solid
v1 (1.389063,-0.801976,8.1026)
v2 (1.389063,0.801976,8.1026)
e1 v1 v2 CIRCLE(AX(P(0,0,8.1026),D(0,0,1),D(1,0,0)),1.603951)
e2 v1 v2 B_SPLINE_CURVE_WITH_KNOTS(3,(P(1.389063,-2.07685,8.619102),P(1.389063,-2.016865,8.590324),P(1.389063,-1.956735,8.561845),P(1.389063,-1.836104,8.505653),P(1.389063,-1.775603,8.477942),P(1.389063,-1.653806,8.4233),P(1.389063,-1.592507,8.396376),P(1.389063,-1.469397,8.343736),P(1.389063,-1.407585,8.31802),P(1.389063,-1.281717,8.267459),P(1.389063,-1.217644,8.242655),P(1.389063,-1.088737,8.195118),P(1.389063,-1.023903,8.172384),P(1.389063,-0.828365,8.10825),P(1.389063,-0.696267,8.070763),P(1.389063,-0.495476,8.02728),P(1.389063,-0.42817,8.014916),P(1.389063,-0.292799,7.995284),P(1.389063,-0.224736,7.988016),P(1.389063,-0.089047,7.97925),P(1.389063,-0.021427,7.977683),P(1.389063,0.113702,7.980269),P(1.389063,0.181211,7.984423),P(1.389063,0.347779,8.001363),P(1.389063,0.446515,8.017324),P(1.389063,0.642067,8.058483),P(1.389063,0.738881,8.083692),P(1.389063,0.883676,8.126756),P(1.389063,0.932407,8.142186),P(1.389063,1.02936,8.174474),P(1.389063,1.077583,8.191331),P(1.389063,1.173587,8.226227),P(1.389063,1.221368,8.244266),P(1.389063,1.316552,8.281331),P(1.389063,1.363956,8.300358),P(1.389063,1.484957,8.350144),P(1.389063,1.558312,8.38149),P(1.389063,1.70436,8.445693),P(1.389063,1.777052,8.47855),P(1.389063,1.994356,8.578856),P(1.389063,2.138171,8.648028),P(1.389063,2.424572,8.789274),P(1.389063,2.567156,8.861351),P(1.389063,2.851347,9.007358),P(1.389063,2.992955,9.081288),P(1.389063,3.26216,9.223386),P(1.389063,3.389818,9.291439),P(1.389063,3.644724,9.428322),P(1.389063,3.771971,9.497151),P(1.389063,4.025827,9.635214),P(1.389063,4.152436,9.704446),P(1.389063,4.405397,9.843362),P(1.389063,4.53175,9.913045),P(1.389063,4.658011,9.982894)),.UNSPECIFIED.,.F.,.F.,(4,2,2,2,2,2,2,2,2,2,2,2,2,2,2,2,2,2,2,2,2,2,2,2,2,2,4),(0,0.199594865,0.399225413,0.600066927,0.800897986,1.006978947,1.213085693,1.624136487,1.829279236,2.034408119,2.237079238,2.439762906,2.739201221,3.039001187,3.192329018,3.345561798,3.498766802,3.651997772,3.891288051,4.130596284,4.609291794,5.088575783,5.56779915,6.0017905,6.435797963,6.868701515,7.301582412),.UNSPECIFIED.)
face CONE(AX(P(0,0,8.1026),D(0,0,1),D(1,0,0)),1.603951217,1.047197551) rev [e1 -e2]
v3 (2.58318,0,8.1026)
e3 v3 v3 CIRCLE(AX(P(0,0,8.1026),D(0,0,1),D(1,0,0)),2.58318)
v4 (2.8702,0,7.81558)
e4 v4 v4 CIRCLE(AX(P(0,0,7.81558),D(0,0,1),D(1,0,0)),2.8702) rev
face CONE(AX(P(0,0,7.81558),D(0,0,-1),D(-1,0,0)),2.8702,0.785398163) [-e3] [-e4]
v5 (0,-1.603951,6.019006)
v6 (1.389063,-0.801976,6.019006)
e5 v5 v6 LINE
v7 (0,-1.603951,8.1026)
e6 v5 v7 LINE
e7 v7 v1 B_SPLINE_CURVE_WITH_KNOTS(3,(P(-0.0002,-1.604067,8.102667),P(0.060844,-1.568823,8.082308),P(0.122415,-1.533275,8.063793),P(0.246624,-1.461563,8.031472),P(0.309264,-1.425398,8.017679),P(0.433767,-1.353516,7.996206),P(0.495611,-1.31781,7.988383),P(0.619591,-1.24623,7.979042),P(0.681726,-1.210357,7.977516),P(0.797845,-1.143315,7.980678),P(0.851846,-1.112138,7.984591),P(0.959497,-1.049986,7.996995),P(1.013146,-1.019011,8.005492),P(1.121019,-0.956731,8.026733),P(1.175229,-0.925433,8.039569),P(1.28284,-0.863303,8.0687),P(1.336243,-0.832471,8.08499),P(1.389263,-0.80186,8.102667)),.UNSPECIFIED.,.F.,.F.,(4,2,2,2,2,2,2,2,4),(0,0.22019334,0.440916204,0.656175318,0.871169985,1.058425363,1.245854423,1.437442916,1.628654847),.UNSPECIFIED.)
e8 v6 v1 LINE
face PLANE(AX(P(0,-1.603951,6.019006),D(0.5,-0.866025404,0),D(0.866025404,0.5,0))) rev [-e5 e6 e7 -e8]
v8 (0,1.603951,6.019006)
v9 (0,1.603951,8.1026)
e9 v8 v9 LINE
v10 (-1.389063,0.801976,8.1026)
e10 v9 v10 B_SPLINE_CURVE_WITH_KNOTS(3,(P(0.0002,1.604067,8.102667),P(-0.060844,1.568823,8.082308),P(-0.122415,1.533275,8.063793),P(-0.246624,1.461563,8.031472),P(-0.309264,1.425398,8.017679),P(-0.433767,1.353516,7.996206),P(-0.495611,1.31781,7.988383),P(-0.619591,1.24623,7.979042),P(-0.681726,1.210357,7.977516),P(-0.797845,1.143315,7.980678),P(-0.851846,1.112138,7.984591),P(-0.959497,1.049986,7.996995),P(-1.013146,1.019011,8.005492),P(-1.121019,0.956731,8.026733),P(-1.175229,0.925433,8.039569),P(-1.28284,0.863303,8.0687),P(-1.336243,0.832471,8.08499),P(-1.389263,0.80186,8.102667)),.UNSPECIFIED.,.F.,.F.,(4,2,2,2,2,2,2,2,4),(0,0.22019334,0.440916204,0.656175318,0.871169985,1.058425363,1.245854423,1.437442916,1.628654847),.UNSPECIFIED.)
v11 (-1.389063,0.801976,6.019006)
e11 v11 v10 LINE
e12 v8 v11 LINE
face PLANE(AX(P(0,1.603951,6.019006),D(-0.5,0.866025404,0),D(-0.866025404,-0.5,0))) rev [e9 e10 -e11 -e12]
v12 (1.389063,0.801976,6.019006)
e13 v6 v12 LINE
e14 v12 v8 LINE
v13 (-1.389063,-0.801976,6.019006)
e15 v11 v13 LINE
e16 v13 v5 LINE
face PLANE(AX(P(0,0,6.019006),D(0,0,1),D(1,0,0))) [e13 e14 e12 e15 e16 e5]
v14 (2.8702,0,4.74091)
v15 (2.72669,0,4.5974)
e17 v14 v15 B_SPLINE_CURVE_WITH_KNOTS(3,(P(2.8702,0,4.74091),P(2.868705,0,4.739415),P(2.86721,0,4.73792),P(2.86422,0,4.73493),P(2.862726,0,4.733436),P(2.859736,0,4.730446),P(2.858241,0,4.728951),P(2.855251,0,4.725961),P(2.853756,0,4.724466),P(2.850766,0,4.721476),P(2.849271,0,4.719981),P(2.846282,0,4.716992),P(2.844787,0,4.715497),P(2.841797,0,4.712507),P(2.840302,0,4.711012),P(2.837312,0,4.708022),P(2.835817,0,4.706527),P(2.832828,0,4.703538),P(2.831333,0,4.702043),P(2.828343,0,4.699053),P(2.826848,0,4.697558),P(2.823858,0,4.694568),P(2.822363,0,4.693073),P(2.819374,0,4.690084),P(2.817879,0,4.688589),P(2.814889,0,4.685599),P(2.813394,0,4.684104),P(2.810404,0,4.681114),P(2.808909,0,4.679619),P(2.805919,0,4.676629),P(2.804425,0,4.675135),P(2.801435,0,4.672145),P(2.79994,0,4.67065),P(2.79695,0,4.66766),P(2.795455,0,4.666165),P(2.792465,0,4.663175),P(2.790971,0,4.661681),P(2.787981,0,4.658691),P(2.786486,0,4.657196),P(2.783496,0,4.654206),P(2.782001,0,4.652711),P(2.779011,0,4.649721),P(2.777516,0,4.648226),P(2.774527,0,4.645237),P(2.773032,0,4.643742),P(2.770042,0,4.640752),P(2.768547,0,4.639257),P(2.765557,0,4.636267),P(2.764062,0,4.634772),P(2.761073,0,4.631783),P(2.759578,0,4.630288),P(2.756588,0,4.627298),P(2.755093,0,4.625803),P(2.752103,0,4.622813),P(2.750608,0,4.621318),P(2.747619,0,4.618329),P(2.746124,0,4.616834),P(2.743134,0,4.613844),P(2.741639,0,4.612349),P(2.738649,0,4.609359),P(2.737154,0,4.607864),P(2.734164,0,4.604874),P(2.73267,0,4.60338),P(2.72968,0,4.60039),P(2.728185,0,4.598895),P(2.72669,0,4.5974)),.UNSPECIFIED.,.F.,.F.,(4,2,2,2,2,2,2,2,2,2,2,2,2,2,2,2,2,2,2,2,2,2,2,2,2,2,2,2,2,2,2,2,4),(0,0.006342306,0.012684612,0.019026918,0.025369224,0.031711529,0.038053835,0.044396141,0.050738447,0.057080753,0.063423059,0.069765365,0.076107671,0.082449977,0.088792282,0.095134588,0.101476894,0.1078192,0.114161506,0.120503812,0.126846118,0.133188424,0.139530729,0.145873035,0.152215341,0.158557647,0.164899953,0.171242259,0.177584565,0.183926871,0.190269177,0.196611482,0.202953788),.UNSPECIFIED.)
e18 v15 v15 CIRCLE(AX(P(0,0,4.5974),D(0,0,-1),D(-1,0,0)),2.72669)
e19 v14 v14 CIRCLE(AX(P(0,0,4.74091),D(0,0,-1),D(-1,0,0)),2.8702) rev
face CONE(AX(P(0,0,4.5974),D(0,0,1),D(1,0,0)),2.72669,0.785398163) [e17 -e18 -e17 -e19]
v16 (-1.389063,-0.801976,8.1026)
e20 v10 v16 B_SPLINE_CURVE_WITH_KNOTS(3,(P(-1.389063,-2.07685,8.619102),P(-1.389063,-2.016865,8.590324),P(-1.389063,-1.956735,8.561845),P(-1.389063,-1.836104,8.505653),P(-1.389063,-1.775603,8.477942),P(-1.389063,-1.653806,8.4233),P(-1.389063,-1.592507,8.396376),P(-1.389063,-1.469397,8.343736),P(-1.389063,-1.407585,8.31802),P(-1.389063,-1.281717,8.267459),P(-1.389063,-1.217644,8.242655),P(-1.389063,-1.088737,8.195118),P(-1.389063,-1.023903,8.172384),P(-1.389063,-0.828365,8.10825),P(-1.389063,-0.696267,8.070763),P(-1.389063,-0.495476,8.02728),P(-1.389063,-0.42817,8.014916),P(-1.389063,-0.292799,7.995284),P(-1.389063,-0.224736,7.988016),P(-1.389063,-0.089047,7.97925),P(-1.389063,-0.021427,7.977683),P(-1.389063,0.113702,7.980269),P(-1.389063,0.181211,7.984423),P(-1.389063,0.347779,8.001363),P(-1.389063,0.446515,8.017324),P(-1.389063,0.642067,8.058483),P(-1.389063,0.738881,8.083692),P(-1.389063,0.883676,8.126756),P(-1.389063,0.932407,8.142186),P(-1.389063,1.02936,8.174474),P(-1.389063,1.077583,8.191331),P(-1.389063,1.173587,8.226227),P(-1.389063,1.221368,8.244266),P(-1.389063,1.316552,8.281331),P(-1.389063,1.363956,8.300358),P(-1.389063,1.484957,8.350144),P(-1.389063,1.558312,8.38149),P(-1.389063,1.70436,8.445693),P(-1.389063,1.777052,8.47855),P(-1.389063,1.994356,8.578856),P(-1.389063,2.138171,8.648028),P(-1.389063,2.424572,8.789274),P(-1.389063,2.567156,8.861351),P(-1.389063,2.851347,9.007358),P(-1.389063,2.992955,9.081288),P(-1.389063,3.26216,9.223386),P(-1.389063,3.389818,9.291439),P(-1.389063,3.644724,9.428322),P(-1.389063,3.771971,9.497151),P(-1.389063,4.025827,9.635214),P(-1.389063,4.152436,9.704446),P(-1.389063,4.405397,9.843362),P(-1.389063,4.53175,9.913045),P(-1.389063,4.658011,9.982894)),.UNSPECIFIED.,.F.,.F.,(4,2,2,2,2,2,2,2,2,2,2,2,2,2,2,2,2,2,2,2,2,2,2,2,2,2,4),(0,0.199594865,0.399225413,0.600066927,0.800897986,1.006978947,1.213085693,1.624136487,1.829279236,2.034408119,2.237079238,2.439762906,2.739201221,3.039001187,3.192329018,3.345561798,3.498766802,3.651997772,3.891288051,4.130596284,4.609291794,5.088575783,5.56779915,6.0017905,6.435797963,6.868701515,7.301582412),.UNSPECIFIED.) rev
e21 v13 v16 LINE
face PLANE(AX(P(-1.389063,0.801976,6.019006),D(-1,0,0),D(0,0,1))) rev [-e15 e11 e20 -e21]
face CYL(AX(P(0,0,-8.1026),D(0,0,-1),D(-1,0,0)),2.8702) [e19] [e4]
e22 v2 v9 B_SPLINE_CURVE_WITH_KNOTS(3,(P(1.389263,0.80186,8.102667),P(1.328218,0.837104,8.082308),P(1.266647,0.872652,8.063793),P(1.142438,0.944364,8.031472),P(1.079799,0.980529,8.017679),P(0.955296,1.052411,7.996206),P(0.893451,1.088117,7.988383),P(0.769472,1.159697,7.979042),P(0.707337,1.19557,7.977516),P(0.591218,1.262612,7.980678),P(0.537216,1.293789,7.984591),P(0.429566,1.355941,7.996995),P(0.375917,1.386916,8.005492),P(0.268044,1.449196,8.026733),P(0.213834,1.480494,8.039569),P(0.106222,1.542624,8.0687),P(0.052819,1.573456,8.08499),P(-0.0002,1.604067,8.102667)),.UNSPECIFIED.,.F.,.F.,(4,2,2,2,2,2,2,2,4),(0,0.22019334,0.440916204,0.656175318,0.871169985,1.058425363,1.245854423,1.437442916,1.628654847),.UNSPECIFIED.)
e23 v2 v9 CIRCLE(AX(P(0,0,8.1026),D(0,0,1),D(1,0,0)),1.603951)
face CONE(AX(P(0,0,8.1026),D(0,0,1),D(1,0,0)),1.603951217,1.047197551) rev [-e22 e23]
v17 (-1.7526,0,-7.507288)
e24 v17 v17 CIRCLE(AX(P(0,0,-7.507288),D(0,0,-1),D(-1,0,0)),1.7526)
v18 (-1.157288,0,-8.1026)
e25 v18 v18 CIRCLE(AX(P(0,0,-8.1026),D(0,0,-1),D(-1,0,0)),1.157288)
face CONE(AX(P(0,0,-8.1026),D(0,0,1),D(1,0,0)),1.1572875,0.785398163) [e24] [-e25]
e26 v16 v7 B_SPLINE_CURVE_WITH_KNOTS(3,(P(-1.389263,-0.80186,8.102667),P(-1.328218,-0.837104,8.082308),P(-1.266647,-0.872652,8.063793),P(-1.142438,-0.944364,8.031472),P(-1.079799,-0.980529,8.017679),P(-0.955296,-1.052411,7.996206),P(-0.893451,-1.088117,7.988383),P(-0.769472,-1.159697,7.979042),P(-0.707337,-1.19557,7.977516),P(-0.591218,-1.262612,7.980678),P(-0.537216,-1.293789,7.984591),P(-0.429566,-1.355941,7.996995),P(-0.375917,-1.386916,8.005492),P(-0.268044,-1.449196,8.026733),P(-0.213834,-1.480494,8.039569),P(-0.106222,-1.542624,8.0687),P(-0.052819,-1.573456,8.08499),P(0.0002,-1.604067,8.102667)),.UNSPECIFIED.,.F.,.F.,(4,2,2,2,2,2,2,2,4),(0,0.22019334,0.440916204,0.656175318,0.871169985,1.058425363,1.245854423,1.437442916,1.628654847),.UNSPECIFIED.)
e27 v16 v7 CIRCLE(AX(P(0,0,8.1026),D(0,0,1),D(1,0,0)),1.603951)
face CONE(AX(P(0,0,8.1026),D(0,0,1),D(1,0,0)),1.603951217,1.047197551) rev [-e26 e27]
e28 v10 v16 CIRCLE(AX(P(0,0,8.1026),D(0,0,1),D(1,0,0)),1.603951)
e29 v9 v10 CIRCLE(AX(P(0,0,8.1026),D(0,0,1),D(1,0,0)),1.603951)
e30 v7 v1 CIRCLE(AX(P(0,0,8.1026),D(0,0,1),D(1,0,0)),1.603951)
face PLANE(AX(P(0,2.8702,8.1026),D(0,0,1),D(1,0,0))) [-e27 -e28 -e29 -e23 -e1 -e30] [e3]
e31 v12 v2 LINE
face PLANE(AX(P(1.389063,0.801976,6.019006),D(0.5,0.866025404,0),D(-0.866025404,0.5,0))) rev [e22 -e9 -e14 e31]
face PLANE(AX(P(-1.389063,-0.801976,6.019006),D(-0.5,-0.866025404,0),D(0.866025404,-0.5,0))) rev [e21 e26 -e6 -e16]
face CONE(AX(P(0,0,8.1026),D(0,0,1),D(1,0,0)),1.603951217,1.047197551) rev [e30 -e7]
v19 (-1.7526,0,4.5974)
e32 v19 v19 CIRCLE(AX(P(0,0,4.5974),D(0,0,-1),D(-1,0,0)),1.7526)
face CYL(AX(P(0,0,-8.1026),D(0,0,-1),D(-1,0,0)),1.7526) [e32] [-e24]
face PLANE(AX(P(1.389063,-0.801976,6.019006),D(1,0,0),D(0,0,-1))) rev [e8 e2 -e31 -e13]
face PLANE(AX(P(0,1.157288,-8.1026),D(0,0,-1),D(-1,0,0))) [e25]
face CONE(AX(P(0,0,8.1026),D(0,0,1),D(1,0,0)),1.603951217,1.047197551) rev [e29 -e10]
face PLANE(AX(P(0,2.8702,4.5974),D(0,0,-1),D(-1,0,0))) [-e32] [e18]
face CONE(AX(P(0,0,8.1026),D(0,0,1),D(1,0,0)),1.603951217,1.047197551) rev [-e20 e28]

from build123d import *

# Parameters (mm, degrees)
CUT_EXTRUDE1_DEPTH = 2.08359375
CHAMFER1_SIZE      = 0.28702
CHAMFER2_SIZE      = 0.14351


with BuildPart() as part:
    # Sketch2 → Revolve1 (revolve)
    with BuildSketch(Plane(origin=(0, 0, 0), x_dir=(0, 0, -1), z_dir=(1, 0, 0))):
        Polygon((8.1026, 1.1572875), (7.5072875, 1.7526), (-4.5974, 1.7526), (-4.5974, 2.8702), (-8.1026, 2.8702), (-8.1026, 0), (8.1026, 0), align=None)
    revolve(axis=Axis((0, 0, -8.1026), (0, 0, 1)))

    # Sketch4 → Cut-Extrude1 (cut)
    with BuildSketch(Plane.XY.offset(8.1026)):
        Polygon((0, 1.603951217), (-1.3890625, 0.801975608), (-1.3890625, -0.801975608), (0, -1.603951217), (1.3890625, -0.801975608), (1.3890625, 0.801975608), align=None)
    extrude(amount=-CUT_EXTRUDE1_DEPTH, mode=Mode.SUBTRACT)

    # Cut-Extrude2 cone 1 section (through the dimple's axis) → Cut-Extrude2 (revolve, cut)
    with BuildSketch(Plane(origin=(0, 0, 8.1026), x_dir=(0, -1, 0), z_dir=(1, 0, 0))):
        Polygon((0, 0), (1.603951217, 0), (0, 0.926041667), align=None)
    revolve(axis=Axis((0, 0, 8.1026), (0, 0, -1)), mode=Mode.SUBTRACT)

    # Chamfer1
    chamfer1_edges = [part.edges().sort_by_distance(p)[0] for p in [
        (0, -2.8702, 8.1026),
    ]]
    chamfer(chamfer1_edges, length=CHAMFER1_SIZE)

    # Chamfer2
    chamfer2_edges = [part.edges().sort_by_distance(p)[0] for p in [
        (0, -2.8702, 4.5974),
    ]]
    chamfer(chamfer2_edges, length=CHAMFER2_SIZE)


solid = part.part
